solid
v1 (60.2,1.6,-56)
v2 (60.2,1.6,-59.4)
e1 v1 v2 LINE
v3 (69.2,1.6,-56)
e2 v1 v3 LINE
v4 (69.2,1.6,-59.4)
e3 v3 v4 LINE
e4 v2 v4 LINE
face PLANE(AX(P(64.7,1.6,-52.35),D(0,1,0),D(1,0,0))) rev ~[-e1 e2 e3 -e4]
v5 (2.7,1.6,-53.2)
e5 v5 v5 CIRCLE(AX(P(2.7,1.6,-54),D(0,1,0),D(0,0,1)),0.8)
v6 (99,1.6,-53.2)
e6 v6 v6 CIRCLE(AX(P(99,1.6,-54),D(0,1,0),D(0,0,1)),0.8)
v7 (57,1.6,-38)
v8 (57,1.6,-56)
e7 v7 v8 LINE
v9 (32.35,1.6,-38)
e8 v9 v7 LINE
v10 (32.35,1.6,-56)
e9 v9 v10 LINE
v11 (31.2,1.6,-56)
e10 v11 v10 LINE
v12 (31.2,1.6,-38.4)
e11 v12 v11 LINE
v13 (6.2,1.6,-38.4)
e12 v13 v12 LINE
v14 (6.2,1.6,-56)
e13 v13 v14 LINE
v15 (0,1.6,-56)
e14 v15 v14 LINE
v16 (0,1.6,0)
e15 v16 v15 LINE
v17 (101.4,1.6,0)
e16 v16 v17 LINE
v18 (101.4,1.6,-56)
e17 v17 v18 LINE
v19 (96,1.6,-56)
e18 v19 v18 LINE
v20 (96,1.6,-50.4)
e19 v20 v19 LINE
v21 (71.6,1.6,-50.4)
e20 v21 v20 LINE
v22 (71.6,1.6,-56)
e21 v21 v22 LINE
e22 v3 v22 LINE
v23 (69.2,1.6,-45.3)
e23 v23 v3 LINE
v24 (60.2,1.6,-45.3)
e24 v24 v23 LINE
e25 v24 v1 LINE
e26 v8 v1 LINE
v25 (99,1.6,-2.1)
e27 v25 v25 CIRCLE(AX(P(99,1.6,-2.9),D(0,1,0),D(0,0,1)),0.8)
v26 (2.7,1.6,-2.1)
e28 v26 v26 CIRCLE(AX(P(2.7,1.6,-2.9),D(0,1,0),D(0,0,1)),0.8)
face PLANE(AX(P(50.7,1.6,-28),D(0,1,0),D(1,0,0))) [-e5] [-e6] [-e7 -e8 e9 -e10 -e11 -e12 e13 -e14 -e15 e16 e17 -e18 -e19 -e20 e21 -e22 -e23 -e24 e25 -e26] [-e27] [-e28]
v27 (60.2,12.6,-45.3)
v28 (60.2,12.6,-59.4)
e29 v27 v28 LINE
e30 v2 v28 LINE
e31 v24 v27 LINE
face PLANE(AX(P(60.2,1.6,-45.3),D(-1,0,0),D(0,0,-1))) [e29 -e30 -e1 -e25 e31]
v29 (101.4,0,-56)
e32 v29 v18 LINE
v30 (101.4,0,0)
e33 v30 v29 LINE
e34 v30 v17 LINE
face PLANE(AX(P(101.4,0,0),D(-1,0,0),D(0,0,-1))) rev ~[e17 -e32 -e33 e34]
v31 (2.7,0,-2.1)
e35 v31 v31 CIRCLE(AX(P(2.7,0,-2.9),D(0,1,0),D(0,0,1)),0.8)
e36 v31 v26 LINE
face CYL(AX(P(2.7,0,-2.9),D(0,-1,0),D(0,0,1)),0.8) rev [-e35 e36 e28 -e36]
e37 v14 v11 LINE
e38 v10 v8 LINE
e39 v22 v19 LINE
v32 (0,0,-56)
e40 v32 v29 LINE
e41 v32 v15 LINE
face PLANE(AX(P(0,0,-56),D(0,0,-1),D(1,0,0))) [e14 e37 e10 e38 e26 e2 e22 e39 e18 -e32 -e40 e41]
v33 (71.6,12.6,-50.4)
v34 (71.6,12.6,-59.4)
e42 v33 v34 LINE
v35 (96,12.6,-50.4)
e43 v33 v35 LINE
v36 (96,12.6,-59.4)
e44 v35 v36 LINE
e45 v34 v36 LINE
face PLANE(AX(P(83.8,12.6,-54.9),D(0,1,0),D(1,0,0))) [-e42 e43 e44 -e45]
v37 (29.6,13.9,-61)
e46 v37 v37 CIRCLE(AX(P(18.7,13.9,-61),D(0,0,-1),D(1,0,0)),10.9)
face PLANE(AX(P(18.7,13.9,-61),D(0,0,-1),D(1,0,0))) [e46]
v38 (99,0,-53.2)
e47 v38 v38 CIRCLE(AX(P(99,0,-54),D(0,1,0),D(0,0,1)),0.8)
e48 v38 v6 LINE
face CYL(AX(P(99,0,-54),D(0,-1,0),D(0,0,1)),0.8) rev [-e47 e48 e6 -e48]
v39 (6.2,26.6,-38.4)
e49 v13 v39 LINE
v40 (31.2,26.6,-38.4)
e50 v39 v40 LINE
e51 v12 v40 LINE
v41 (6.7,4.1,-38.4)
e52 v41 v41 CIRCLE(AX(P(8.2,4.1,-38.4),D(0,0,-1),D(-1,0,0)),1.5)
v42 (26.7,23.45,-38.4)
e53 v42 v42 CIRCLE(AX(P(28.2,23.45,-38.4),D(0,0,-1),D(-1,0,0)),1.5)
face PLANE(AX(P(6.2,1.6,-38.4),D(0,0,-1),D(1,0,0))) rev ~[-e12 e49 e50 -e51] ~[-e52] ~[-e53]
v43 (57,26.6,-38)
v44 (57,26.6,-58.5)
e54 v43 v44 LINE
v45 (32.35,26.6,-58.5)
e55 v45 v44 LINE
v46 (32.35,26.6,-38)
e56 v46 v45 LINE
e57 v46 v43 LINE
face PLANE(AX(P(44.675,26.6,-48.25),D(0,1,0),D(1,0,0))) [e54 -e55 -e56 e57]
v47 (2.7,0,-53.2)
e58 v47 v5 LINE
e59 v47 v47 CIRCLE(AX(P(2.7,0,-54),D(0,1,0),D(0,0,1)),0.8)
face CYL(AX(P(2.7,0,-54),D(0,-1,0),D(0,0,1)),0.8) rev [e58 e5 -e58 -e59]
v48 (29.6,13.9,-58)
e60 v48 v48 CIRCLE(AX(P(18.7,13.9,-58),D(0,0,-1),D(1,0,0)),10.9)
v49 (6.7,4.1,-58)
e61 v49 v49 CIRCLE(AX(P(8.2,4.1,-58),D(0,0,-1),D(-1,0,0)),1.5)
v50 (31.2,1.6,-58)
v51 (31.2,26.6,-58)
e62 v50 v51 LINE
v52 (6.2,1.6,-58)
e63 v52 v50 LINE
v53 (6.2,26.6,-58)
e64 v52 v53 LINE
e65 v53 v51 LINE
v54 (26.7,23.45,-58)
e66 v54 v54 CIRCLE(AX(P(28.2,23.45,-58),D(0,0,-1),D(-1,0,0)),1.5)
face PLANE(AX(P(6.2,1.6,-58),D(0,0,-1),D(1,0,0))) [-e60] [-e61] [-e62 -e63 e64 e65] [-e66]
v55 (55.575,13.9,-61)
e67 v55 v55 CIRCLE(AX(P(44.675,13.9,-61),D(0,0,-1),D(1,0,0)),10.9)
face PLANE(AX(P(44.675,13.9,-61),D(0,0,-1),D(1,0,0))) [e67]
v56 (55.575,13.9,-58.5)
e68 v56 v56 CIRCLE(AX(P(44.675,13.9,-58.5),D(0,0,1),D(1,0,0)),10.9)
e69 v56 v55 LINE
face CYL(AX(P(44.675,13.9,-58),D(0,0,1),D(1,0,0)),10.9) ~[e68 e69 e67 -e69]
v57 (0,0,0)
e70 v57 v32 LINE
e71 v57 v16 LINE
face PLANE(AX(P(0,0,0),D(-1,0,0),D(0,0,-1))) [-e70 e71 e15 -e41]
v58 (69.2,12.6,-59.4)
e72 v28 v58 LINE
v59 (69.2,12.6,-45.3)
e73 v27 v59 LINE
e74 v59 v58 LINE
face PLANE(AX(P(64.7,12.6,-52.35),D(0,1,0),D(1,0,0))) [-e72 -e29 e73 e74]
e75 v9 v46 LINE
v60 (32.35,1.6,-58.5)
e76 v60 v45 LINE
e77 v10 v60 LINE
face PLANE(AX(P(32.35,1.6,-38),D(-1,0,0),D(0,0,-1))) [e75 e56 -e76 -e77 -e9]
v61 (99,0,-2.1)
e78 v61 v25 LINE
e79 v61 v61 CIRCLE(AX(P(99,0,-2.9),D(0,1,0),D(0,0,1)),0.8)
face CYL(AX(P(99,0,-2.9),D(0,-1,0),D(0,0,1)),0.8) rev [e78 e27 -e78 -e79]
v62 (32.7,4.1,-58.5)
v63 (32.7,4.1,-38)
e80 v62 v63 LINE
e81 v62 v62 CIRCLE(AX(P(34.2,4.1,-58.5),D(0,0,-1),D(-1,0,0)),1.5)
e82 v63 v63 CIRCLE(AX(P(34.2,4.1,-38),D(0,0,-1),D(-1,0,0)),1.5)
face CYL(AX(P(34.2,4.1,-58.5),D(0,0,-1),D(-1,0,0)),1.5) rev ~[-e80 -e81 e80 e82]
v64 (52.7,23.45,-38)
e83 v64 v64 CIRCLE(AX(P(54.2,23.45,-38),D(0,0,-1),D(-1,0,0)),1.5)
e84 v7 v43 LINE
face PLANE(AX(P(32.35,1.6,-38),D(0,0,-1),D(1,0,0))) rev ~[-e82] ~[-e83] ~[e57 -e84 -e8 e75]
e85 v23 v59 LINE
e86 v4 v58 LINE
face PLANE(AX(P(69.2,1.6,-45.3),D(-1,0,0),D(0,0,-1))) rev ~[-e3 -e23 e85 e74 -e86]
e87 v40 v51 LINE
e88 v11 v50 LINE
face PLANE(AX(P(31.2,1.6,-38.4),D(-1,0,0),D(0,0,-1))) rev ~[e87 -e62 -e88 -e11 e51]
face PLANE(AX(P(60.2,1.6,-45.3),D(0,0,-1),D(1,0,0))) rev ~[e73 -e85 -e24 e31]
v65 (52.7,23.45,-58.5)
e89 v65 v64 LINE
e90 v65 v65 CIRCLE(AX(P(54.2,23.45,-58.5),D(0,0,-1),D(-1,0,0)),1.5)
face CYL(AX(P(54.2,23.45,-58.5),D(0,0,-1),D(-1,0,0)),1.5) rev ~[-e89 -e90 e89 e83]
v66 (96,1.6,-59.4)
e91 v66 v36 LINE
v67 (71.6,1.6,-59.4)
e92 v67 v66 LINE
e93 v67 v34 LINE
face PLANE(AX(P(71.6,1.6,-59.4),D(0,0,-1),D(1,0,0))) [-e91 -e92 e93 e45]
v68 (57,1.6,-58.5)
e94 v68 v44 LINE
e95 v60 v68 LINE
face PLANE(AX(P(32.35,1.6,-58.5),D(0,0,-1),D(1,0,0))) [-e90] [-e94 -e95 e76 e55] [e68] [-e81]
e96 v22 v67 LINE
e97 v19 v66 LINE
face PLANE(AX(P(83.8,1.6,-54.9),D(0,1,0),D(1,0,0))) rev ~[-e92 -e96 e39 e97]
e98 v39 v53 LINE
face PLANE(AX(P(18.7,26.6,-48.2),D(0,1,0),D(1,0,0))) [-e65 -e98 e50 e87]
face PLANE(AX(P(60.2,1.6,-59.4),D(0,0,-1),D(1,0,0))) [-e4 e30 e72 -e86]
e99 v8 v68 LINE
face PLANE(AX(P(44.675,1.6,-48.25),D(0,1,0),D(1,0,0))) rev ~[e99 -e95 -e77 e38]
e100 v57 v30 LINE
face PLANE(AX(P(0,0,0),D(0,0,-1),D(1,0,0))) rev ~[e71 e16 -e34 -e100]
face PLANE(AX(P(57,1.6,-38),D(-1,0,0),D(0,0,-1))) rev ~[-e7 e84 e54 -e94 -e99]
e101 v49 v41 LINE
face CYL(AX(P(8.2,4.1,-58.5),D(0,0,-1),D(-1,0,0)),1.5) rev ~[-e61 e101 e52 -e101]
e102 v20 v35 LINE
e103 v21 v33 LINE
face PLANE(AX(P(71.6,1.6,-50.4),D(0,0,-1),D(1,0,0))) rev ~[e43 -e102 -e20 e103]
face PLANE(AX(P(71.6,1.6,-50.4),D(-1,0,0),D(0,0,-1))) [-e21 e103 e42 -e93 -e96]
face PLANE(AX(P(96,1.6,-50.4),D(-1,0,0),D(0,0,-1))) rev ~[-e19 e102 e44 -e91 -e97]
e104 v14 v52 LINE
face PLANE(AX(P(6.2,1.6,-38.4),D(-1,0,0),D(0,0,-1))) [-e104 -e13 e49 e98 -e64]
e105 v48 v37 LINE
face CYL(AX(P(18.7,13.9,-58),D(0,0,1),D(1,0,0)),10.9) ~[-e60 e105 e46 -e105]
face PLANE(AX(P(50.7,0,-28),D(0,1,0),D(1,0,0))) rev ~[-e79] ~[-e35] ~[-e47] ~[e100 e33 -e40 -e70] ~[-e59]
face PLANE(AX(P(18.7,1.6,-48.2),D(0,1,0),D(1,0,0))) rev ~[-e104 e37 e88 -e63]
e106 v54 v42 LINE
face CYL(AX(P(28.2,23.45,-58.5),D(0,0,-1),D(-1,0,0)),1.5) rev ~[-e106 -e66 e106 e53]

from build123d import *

# Parameters (mm, degrees)
SKETCH1_W           = 101.4
SKETCH1_H           = 56
SKETCH1_R           = 0.8
BOSS_EXTRUDE1_DEPTH = 1.6
SKETCH2_W           = 25
SKETCH2_H           = 19.6
SKETCH2_W_2         = 24.65
SKETCH2_H_2         = 20.5
BOSS_EXTRUDE2_DEPTH = 25
SKETCH3_R           = 1.5
CUT_EXTRUDE1_DEPTH  = 121.04903165
SKETCH4_R           = 10.9
BOSS_EXTRUDE3_DEPTH = 3
SKETCH5_W           = 9
SKETCH5_H           = 14.1
SKETCH5_W_2         = 24.4
SKETCH5_H_2         = 9
BOSS_EXTRUDE4_DEPTH = 11


with BuildPart() as part:
    # Sketch1 → Boss-Extrude1 (new body)
    with BuildSketch(Plane(origin=(0, 0, 0), x_dir=(1, 0, 0), z_dir=(0, 1, 0))):
        with Locations((50.7, 28)):
            Rectangle(SKETCH1_W, SKETCH1_H)
        with Locations(Location((2.7, 54, 0), (0, 0, 270))):
            Circle(SKETCH1_R, mode=Mode.SUBTRACT)
        with Locations(Location((2.7, 2.9, 0), (0, 0, 270))):
            Circle(SKETCH1_R, mode=Mode.SUBTRACT)
        with Locations(Location((99, 2.9, 0), (0, 0, 270))):
            Circle(SKETCH1_R, mode=Mode.SUBTRACT)
        with Locations(Location((99, 54, 0), (0, 0, 270))):
            Circle(SKETCH1_R, mode=Mode.SUBTRACT)
    extrude(amount=BOSS_EXTRUDE1_DEPTH)

    # Sketch2 → Boss-Extrude2 (add)
    with BuildSketch(Plane(origin=(0, 1.6, 0), x_dir=(1, 0, 0), z_dir=(0, 1, 0))):
        with Locations((18.7, 48.2)):
            Rectangle(SKETCH2_W, SKETCH2_H)
        with Locations((44.675, 48.25)):
            Rectangle(SKETCH2_W_2, SKETCH2_H_2)
    extrude(amount=BOSS_EXTRUDE2_DEPTH)

    # Sketch3 → Cut-Extrude1 (cut, through all)
    with BuildSketch(Plane(origin=(0, 0, -58.5), x_dir=(-1, 0, 0), z_dir=(0, 0, -1))):
        with Locations((-54.2, 23.45)):
            Circle(SKETCH3_R)
        with Locations((-34.2, 4.1)):
            Circle(SKETCH3_R)
        with Locations((-28.2, 23.45)):
            Circle(SKETCH3_R)
        with Locations((-8.2, 4.1)):
            Circle(SKETCH3_R)
    extrude(amount=-CUT_EXTRUDE1_DEPTH, mode=Mode.SUBTRACT)

    # Sketch4 → Boss-Extrude3 (add)
    with BuildSketch(Plane(origin=(0, 0, -58), x_dir=(-1, 0, 0), z_dir=(0, 0, -1))):
        with Locations(Location((-18.7, 13.9, 0), (0, 0, 180))):
            Circle(SKETCH4_R)
        with Locations(Location((-44.675, 13.9, 0), (0, 0, 180))):
            Circle(SKETCH4_R)
    extrude(amount=BOSS_EXTRUDE3_DEPTH)

    # Sketch5 → Boss-Extrude4 (add)
    with BuildSketch(Plane(origin=(0, 1.6, 0), x_dir=(1, 0, 0), z_dir=(0, 1, 0))):
        with Locations((64.7, 52.35)):
            Rectangle(SKETCH5_W, SKETCH5_H)
        with Locations((83.8, 54.9)):
            Rectangle(SKETCH5_W_2, SKETCH5_H_2)
    extrude(amount=BOSS_EXTRUDE4_DEPTH)


solid = part.part
